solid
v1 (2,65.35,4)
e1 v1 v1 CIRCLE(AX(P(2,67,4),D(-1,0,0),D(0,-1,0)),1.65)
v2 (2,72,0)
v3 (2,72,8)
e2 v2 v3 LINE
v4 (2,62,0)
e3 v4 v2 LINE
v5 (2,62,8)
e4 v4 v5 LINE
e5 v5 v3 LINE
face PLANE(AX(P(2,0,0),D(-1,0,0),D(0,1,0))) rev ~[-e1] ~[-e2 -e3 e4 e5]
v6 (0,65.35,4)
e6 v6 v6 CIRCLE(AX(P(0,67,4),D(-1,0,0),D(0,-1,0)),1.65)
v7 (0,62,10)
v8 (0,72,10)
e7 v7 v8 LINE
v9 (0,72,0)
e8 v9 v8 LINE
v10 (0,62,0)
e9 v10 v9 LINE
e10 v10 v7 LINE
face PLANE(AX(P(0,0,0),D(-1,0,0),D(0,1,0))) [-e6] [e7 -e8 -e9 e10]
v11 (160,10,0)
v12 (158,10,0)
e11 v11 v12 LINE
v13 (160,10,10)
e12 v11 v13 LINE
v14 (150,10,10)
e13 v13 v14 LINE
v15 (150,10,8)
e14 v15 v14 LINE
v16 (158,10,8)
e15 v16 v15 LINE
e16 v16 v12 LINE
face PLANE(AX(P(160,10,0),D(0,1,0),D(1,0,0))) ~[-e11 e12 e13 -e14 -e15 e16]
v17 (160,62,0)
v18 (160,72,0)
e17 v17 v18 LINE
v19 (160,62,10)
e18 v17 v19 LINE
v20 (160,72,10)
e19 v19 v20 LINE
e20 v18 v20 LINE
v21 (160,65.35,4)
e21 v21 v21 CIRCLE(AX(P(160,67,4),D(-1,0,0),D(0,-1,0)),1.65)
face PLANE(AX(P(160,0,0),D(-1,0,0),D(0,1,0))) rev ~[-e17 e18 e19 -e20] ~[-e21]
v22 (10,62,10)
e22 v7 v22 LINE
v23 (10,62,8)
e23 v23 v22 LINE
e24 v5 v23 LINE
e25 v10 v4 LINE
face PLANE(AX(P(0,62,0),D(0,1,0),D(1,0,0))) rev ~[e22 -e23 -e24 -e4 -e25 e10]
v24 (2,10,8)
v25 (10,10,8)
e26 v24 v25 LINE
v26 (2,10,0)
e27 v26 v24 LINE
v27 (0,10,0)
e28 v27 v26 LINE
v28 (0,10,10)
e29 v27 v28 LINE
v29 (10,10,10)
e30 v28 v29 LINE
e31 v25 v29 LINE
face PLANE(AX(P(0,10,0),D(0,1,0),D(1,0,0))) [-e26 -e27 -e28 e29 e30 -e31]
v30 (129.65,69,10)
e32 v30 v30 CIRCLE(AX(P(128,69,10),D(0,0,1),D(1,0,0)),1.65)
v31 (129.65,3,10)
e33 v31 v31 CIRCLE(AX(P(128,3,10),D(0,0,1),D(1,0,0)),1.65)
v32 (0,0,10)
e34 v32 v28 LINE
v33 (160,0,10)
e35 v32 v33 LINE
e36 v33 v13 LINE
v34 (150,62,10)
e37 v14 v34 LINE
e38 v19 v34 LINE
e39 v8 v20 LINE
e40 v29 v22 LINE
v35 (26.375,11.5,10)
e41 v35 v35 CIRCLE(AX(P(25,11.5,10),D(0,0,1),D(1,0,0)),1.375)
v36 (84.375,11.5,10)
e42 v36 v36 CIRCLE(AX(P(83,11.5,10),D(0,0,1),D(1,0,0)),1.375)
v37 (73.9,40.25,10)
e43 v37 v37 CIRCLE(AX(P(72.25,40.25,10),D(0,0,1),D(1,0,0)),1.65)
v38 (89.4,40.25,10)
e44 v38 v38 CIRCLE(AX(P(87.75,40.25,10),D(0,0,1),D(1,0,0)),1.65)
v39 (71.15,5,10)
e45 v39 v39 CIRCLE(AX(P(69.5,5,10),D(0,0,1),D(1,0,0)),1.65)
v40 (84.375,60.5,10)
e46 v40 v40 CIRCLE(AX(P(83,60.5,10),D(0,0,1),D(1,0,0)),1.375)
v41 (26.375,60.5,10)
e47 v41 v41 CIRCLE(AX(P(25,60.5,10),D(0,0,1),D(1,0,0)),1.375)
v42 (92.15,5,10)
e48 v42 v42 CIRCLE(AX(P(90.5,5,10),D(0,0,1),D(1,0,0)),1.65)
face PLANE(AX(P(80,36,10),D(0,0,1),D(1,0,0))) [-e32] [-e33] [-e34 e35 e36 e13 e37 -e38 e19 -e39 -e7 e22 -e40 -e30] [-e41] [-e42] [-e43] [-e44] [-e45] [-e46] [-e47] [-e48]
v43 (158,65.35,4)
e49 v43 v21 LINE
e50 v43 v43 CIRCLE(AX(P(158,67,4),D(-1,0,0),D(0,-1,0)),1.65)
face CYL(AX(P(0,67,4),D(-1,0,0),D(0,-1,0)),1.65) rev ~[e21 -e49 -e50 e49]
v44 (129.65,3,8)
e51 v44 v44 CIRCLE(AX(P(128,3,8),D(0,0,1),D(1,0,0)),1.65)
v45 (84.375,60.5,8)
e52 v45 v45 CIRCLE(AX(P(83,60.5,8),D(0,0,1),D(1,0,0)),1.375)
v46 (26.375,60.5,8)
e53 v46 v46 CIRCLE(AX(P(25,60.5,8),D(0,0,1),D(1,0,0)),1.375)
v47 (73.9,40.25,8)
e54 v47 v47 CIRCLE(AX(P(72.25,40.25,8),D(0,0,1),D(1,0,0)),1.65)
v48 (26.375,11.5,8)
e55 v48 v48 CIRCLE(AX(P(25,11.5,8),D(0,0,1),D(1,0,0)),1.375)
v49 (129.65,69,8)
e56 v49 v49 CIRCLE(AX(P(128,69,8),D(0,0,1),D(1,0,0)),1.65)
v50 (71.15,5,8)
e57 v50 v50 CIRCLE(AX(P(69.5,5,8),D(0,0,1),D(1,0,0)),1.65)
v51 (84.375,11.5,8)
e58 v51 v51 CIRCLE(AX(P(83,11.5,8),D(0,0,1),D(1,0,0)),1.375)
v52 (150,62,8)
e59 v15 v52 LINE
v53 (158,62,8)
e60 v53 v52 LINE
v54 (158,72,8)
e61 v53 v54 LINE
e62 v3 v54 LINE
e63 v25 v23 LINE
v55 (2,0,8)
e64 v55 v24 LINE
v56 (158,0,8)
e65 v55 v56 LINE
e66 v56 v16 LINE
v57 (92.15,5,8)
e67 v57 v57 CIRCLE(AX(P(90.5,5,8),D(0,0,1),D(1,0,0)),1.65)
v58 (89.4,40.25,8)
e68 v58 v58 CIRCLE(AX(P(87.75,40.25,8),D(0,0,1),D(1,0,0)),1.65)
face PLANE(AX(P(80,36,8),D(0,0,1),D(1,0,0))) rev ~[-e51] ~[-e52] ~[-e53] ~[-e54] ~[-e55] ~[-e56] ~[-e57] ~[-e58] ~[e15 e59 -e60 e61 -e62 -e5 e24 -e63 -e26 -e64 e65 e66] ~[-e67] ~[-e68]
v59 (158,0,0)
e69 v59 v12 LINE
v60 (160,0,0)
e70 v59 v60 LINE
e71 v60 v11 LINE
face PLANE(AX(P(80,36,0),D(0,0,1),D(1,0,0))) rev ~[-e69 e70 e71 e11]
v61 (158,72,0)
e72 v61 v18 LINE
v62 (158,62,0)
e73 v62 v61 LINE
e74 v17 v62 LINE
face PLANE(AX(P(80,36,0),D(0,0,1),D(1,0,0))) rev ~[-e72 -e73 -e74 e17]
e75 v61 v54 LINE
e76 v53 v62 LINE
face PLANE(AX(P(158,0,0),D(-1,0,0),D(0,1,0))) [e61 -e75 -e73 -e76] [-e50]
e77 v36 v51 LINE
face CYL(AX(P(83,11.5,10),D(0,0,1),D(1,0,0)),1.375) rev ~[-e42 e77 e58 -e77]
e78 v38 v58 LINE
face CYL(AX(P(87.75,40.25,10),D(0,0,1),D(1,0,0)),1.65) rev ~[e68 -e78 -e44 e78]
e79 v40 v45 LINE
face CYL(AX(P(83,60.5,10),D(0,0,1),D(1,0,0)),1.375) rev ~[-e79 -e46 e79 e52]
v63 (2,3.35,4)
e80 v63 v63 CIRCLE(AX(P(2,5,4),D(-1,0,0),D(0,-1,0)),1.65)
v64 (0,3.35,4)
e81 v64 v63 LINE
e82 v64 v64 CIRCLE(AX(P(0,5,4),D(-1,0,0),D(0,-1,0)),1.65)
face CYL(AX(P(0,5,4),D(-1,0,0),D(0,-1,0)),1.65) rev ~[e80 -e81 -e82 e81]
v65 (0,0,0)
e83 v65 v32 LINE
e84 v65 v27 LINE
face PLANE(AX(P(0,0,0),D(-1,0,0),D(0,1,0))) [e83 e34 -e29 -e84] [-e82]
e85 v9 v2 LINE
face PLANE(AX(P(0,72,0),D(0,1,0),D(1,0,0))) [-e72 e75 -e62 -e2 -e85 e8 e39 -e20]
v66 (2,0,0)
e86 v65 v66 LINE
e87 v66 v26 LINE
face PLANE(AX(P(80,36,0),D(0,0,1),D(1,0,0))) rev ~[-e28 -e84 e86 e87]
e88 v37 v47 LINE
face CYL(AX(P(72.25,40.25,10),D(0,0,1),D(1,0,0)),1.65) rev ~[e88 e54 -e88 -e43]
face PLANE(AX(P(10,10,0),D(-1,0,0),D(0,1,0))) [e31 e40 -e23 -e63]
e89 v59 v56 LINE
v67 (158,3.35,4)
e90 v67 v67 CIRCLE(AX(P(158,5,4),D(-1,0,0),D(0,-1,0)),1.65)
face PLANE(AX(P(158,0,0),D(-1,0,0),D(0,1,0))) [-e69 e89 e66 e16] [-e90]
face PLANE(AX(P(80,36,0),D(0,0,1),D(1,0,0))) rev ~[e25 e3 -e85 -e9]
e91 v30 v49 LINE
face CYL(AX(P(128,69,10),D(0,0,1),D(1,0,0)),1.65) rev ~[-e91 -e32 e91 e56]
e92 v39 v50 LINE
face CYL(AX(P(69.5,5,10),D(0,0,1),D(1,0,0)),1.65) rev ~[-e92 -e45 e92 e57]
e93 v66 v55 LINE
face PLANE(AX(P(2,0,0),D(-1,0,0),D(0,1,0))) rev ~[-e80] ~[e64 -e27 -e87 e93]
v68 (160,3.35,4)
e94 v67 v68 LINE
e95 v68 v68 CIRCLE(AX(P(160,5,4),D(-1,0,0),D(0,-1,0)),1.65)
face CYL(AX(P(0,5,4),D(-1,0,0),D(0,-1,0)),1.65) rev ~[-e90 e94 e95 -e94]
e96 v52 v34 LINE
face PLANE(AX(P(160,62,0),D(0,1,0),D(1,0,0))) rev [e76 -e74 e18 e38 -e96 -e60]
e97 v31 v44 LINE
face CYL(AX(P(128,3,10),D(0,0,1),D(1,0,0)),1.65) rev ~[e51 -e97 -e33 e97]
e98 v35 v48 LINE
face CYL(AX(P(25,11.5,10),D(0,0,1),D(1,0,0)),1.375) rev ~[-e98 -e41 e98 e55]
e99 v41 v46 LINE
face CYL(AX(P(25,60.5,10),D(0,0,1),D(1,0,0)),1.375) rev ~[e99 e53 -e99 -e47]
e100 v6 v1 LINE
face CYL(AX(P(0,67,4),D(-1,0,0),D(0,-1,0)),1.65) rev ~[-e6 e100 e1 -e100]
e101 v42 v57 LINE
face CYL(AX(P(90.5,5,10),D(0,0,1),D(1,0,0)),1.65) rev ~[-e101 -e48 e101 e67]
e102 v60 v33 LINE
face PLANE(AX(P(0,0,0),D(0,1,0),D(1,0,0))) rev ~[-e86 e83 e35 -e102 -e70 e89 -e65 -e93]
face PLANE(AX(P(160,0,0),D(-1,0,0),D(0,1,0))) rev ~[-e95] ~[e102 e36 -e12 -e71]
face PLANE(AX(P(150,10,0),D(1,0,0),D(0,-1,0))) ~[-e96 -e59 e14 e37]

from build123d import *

# Parameters (mm, degrees)
BOX002_W      = 156
BOX002_H      = 72
BOX002_DEPTH  = 8
BOX001_W      = 10
BOX001_H      = 52
BOX001_DEPTH  = 10
BOX_W         = 160
BOX_H         = 72
BOX_DEPTH     = 10
SKETCH_R      = 1.65
HOLE_DEPTH    = 160.001
SKETCH001_R   = 1.65
HOLE001_DEPTH = 10.001
SKETCH002_R   = 1.375
HOLE002_DEPTH = 10.001
SKETCH003_R   = 1.65
HOLE003_DEPTH = 25


with BuildPart() as w_rfel002:
    # Box002 → Box002 (new body)
    with BuildSketch(Plane(origin=(2, 0, 0), x_dir=(1, 0, 0), z_dir=(0, 0, 1))):
        with Locations((78, 36)):
            Rectangle(BOX002_W, BOX002_H)
    extrude(amount=BOX002_DEPTH)


with BuildPart() as w_rfel001:
    # Box001 → Box001 (new body)
    with BuildSketch(Plane(origin=(0, 10, 0), x_dir=(1, 0, 0), z_dir=(0, 0, 1))):
        with Locations((5, 26)):
            Rectangle(BOX001_W, BOX001_H)
    extrude(amount=BOX001_DEPTH)


with BuildPart() as part_mirroring:
    # Part__Mirroring: instance of Würfel001
    add(w_rfel001.part.mirror(Plane(origin=(80, 0, 0), x_dir=(0, -1, 0), z_dir=(1, 0, 0))))


with BuildPart() as body:
    # Box → Box (new body)
    with BuildSketch(Plane.XY):
        with Locations((80, 36)):
            Rectangle(BOX_W, BOX_H)
    extrude(amount=BOX_DEPTH)

    # Cut: cut Würfel001
    add(w_rfel001.part, mode=Mode.SUBTRACT)

    # Cut001: cut Part__Mirroring
    add(part_mirroring.part, mode=Mode.SUBTRACT)

    # Cut002: cut Würfel002
    add(w_rfel002.part, mode=Mode.SUBTRACT)

    # Sketch (on Face1 of BaseFeature) → Hole (cut, through all)
    with BuildSketch(Plane(origin=(0, 0, 0), x_dir=(0, -1, 0), z_dir=(-1, 0, 0))):
        with Locations((-5, 4)):
            Circle(SKETCH_R)
        with Locations((-67, 4)):
            Circle(SKETCH_R)
    extrude(amount=-HOLE_DEPTH, mode=Mode.SUBTRACT)

    # Sketch001 (on Face2 of Hole) → Hole001 (cut, through all)
    with BuildSketch(Plane.XY.offset(10)):
        with Locations((72.25, 40.25)):
            Circle(SKETCH001_R)
        with Locations((87.75, 40.25)):
            Circle(SKETCH001_R)
        with Locations((128, 69)):
            Circle(SKETCH001_R)
        with Locations((128, 3)):
            Circle(SKETCH001_R)
    extrude(amount=-HOLE001_DEPTH, mode=Mode.SUBTRACT)

    # Sketch002 (on Face2 of Hole) → Hole002 (cut, through all)
    with BuildSketch(Plane.XY.offset(10)):
        with Locations((25, 60.5)):
            Circle(SKETCH002_R)
        with Locations((83, 60.5)):
            Circle(SKETCH002_R)
        with Locations((25, 11.5)):
            Circle(SKETCH002_R)
        with Locations((83, 11.5)):
            Circle(SKETCH002_R)
    extrude(amount=-HOLE002_DEPTH, mode=Mode.SUBTRACT)

    # Sketch003 (on Face2 of Hole002) → Hole003 (cut)
    with BuildSketch(Plane.XY.offset(10)):
        with Locations((69.5, 5)):
            Circle(SKETCH003_R)
        with Locations((90.5, 5)):
            Circle(SKETCH003_R)
    extrude(amount=-HOLE003_DEPTH, mode=Mode.SUBTRACT)


solid = body.part
